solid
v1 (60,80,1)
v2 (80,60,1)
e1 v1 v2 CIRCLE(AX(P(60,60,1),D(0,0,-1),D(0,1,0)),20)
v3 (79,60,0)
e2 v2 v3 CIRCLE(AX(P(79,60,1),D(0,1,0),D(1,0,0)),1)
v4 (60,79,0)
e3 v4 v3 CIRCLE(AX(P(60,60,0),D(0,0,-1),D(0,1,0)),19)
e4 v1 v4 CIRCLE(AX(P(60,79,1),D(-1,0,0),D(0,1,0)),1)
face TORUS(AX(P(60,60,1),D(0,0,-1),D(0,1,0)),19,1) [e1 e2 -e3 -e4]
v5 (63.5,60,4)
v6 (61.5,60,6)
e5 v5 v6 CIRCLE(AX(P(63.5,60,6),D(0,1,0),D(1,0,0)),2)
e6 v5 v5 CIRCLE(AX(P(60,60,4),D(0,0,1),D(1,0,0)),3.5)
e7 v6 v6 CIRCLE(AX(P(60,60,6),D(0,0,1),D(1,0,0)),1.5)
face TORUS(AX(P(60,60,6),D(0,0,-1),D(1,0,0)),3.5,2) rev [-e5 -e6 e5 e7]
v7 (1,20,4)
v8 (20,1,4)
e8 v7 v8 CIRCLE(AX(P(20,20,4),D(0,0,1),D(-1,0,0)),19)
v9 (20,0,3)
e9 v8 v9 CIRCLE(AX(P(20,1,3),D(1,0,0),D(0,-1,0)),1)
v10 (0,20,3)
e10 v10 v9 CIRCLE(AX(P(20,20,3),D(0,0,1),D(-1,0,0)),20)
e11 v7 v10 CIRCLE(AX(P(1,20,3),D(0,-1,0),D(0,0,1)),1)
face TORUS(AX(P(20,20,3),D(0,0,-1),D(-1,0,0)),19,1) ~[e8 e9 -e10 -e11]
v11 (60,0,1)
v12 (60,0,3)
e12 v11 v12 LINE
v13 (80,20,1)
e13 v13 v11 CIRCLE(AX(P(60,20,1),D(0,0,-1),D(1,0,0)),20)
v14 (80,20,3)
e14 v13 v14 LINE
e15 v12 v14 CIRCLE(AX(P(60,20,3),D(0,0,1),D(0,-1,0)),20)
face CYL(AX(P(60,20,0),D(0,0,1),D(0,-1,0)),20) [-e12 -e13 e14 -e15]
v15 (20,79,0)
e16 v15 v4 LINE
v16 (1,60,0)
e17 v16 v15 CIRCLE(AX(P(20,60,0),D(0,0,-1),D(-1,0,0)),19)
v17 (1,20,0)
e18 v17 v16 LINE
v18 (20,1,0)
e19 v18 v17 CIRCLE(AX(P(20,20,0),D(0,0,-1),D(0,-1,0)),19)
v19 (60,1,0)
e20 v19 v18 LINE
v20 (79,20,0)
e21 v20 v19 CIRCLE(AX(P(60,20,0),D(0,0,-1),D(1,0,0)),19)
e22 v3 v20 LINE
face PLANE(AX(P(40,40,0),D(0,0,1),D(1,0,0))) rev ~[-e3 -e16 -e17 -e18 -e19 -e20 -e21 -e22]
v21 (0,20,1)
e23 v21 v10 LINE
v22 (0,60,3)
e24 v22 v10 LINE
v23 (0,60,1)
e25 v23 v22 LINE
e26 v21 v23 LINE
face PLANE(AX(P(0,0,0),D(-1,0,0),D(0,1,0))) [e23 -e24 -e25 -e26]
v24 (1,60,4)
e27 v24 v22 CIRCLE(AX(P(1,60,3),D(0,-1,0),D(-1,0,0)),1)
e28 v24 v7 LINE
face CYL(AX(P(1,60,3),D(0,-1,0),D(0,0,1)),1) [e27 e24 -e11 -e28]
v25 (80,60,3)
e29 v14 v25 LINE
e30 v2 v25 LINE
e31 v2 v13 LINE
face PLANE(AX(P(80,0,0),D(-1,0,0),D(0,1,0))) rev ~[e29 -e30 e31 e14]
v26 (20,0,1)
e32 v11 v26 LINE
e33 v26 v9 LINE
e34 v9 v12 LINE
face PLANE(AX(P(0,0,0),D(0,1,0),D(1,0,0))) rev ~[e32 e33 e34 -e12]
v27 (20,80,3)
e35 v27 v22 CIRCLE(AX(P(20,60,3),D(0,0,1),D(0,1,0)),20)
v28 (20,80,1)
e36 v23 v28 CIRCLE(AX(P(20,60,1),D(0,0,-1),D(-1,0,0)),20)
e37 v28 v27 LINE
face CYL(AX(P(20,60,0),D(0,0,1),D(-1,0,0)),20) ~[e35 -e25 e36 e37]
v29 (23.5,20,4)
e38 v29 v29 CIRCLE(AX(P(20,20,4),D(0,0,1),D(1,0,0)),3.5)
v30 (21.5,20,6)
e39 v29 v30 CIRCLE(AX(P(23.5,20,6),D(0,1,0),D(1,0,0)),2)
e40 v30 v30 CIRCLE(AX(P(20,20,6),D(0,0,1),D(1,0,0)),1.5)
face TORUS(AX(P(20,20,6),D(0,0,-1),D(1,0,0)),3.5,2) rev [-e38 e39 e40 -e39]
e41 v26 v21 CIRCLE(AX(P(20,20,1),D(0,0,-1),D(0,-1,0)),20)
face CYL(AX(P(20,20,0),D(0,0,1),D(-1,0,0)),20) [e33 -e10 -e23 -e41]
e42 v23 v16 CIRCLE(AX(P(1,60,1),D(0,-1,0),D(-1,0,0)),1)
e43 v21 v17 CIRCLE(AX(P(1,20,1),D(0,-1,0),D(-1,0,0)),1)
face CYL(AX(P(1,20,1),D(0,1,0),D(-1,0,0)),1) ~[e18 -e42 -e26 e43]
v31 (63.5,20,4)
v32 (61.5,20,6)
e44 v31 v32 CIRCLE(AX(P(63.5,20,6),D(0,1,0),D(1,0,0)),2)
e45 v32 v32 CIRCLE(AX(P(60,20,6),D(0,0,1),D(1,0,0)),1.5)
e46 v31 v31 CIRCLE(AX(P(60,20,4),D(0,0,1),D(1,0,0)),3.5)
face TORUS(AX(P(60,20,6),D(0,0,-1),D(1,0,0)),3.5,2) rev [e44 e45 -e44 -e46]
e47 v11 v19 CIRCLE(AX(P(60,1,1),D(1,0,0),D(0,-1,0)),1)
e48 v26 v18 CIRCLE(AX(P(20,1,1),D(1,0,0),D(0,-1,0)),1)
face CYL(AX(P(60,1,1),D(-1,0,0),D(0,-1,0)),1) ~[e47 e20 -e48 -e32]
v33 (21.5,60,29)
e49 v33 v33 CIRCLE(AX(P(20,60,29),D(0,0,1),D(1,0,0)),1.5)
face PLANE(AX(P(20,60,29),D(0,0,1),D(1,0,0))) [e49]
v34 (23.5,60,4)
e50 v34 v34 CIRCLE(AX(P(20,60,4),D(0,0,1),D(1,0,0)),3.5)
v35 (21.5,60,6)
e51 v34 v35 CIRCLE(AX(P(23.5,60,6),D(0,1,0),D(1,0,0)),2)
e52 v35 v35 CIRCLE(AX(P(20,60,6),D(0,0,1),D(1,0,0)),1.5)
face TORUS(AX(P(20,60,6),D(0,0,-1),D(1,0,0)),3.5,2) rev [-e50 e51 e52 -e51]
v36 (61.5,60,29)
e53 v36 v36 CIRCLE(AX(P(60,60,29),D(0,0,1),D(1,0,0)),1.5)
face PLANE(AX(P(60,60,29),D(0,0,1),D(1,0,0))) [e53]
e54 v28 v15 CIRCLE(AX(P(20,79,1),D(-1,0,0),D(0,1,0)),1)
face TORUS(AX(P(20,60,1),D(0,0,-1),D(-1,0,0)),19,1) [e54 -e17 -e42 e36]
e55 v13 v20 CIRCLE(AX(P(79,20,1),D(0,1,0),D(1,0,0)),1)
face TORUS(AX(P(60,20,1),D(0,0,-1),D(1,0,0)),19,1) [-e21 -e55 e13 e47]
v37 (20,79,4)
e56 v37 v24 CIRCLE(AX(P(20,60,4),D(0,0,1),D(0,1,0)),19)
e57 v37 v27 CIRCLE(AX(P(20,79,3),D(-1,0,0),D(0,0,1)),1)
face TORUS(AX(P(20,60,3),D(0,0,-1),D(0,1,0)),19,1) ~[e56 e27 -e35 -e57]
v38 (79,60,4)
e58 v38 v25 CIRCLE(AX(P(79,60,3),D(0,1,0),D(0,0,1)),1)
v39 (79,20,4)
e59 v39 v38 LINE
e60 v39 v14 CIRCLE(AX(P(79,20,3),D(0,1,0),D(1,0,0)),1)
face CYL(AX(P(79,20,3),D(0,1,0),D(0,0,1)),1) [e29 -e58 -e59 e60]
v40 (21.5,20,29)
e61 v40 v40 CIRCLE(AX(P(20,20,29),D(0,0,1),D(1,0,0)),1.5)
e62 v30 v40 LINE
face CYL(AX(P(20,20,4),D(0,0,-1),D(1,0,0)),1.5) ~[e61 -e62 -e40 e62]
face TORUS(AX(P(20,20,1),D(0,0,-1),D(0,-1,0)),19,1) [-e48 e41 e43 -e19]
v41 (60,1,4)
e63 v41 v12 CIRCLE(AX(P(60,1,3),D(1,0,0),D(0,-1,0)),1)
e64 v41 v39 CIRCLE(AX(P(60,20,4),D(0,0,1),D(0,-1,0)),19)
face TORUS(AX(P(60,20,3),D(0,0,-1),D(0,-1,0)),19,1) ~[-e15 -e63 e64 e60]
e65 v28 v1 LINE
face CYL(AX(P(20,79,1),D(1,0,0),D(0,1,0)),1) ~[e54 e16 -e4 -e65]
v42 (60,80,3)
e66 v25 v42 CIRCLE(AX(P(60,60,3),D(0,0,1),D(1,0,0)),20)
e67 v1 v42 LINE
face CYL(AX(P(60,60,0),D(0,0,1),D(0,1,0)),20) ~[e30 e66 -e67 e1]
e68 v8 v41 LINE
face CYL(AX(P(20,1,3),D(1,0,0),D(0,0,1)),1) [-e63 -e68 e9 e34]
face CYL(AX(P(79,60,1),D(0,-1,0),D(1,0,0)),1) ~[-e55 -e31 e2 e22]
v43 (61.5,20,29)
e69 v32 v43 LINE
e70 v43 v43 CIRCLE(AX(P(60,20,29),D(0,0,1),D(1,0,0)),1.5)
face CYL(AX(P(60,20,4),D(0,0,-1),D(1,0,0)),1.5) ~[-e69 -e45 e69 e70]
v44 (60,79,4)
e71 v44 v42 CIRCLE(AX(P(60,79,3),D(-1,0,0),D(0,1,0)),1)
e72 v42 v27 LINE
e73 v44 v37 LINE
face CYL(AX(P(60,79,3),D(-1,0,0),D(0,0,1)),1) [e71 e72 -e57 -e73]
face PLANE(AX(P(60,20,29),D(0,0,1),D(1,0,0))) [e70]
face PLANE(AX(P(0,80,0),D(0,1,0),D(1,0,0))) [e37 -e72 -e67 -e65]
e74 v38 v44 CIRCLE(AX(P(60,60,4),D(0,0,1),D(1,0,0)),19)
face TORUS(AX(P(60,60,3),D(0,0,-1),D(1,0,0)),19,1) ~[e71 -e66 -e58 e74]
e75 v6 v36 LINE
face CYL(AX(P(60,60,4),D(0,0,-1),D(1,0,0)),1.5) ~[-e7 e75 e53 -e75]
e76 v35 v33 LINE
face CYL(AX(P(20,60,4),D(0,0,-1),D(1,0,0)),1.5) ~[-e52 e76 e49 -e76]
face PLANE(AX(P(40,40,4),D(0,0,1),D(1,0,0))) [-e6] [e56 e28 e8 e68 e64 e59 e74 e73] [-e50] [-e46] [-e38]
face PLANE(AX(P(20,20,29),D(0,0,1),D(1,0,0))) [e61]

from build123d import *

# Parameters (mm, degrees)
SKETCH_W     = 80
SKETCH_H     = 80
PAD_DEPTH    = 4
SKETCH001_R  = 1.5
PAD001_DEPTH = 25
FILLET_R     = 20
FILLET001_R  = 2
FILLET002_R  = 1
FILLET003_R  = 1


with BuildPart() as part:
    # Sketch → Pad (new body)
    with BuildSketch(Plane.XY):
        with Locations((40, 40)):
            Rectangle(SKETCH_W, SKETCH_H)
    extrude(amount=PAD_DEPTH)

    # Sketch001 (on Face6 of Pad) → Pad001 (join)
    with BuildSketch(Plane.XY.offset(4)):
        with Locations((20, 60)):
            Circle(SKETCH001_R)
        with Locations((60, 60)):
            Circle(SKETCH001_R)
        with Locations((20, 20)):
            Circle(SKETCH001_R)
        with Locations((60, 20)):
            Circle(SKETCH001_R)
    extrude(amount=PAD001_DEPTH)

    # Fillet
    fillet_edges = [part.edges().sort_by_distance(p)[0] for p in [
        (0, 80, 2),
        (80, 80, 2),
        (80, 0, 2),
        (0, 0, 2),
    ]]
    fillet(fillet_edges, radius=FILLET_R)

    # Fillet001
    fillet001_edges = [part.edges().sort_by_distance(p)[0] for p in [
        (18.5, 60, 4),
        (18.5, 20, 4),
        (58.5, 20, 4),
        (58.5, 60, 4),
    ]]
    fillet(fillet001_edges, radius=FILLET001_R)

    # Fillet002
    fillet002_edges = [part.edges().sort_by_distance(p)[0] for p in [
        (40, 80, 0),
        (5.857864, 74.142136, 0),
        (74.142136, 74.142136, 0),
        (0, 40, 0),
        (80, 40, 0),
        (5.857864, 5.857864, 0),
        (74.142136, 5.857864, 0),
        (40, 0, 0),
    ]]
    fillet(fillet002_edges, radius=FILLET002_R)

    # Fillet003
    fillet003_edges = [part.edges().sort_by_distance(p)[0] for p in [
        (74.142136, 5.857864, 4),
        (80, 40, 4),
        (74.142136, 74.142136, 4),
        (40, 80, 4),
        (5.857864, 74.142136, 4),
        (0, 40, 4),
        (5.857864, 5.857864, 4),
        (40, 0, 4),
    ]]
    fillet(fillet003_edges, radius=FILLET003_R)


solid = part.part
